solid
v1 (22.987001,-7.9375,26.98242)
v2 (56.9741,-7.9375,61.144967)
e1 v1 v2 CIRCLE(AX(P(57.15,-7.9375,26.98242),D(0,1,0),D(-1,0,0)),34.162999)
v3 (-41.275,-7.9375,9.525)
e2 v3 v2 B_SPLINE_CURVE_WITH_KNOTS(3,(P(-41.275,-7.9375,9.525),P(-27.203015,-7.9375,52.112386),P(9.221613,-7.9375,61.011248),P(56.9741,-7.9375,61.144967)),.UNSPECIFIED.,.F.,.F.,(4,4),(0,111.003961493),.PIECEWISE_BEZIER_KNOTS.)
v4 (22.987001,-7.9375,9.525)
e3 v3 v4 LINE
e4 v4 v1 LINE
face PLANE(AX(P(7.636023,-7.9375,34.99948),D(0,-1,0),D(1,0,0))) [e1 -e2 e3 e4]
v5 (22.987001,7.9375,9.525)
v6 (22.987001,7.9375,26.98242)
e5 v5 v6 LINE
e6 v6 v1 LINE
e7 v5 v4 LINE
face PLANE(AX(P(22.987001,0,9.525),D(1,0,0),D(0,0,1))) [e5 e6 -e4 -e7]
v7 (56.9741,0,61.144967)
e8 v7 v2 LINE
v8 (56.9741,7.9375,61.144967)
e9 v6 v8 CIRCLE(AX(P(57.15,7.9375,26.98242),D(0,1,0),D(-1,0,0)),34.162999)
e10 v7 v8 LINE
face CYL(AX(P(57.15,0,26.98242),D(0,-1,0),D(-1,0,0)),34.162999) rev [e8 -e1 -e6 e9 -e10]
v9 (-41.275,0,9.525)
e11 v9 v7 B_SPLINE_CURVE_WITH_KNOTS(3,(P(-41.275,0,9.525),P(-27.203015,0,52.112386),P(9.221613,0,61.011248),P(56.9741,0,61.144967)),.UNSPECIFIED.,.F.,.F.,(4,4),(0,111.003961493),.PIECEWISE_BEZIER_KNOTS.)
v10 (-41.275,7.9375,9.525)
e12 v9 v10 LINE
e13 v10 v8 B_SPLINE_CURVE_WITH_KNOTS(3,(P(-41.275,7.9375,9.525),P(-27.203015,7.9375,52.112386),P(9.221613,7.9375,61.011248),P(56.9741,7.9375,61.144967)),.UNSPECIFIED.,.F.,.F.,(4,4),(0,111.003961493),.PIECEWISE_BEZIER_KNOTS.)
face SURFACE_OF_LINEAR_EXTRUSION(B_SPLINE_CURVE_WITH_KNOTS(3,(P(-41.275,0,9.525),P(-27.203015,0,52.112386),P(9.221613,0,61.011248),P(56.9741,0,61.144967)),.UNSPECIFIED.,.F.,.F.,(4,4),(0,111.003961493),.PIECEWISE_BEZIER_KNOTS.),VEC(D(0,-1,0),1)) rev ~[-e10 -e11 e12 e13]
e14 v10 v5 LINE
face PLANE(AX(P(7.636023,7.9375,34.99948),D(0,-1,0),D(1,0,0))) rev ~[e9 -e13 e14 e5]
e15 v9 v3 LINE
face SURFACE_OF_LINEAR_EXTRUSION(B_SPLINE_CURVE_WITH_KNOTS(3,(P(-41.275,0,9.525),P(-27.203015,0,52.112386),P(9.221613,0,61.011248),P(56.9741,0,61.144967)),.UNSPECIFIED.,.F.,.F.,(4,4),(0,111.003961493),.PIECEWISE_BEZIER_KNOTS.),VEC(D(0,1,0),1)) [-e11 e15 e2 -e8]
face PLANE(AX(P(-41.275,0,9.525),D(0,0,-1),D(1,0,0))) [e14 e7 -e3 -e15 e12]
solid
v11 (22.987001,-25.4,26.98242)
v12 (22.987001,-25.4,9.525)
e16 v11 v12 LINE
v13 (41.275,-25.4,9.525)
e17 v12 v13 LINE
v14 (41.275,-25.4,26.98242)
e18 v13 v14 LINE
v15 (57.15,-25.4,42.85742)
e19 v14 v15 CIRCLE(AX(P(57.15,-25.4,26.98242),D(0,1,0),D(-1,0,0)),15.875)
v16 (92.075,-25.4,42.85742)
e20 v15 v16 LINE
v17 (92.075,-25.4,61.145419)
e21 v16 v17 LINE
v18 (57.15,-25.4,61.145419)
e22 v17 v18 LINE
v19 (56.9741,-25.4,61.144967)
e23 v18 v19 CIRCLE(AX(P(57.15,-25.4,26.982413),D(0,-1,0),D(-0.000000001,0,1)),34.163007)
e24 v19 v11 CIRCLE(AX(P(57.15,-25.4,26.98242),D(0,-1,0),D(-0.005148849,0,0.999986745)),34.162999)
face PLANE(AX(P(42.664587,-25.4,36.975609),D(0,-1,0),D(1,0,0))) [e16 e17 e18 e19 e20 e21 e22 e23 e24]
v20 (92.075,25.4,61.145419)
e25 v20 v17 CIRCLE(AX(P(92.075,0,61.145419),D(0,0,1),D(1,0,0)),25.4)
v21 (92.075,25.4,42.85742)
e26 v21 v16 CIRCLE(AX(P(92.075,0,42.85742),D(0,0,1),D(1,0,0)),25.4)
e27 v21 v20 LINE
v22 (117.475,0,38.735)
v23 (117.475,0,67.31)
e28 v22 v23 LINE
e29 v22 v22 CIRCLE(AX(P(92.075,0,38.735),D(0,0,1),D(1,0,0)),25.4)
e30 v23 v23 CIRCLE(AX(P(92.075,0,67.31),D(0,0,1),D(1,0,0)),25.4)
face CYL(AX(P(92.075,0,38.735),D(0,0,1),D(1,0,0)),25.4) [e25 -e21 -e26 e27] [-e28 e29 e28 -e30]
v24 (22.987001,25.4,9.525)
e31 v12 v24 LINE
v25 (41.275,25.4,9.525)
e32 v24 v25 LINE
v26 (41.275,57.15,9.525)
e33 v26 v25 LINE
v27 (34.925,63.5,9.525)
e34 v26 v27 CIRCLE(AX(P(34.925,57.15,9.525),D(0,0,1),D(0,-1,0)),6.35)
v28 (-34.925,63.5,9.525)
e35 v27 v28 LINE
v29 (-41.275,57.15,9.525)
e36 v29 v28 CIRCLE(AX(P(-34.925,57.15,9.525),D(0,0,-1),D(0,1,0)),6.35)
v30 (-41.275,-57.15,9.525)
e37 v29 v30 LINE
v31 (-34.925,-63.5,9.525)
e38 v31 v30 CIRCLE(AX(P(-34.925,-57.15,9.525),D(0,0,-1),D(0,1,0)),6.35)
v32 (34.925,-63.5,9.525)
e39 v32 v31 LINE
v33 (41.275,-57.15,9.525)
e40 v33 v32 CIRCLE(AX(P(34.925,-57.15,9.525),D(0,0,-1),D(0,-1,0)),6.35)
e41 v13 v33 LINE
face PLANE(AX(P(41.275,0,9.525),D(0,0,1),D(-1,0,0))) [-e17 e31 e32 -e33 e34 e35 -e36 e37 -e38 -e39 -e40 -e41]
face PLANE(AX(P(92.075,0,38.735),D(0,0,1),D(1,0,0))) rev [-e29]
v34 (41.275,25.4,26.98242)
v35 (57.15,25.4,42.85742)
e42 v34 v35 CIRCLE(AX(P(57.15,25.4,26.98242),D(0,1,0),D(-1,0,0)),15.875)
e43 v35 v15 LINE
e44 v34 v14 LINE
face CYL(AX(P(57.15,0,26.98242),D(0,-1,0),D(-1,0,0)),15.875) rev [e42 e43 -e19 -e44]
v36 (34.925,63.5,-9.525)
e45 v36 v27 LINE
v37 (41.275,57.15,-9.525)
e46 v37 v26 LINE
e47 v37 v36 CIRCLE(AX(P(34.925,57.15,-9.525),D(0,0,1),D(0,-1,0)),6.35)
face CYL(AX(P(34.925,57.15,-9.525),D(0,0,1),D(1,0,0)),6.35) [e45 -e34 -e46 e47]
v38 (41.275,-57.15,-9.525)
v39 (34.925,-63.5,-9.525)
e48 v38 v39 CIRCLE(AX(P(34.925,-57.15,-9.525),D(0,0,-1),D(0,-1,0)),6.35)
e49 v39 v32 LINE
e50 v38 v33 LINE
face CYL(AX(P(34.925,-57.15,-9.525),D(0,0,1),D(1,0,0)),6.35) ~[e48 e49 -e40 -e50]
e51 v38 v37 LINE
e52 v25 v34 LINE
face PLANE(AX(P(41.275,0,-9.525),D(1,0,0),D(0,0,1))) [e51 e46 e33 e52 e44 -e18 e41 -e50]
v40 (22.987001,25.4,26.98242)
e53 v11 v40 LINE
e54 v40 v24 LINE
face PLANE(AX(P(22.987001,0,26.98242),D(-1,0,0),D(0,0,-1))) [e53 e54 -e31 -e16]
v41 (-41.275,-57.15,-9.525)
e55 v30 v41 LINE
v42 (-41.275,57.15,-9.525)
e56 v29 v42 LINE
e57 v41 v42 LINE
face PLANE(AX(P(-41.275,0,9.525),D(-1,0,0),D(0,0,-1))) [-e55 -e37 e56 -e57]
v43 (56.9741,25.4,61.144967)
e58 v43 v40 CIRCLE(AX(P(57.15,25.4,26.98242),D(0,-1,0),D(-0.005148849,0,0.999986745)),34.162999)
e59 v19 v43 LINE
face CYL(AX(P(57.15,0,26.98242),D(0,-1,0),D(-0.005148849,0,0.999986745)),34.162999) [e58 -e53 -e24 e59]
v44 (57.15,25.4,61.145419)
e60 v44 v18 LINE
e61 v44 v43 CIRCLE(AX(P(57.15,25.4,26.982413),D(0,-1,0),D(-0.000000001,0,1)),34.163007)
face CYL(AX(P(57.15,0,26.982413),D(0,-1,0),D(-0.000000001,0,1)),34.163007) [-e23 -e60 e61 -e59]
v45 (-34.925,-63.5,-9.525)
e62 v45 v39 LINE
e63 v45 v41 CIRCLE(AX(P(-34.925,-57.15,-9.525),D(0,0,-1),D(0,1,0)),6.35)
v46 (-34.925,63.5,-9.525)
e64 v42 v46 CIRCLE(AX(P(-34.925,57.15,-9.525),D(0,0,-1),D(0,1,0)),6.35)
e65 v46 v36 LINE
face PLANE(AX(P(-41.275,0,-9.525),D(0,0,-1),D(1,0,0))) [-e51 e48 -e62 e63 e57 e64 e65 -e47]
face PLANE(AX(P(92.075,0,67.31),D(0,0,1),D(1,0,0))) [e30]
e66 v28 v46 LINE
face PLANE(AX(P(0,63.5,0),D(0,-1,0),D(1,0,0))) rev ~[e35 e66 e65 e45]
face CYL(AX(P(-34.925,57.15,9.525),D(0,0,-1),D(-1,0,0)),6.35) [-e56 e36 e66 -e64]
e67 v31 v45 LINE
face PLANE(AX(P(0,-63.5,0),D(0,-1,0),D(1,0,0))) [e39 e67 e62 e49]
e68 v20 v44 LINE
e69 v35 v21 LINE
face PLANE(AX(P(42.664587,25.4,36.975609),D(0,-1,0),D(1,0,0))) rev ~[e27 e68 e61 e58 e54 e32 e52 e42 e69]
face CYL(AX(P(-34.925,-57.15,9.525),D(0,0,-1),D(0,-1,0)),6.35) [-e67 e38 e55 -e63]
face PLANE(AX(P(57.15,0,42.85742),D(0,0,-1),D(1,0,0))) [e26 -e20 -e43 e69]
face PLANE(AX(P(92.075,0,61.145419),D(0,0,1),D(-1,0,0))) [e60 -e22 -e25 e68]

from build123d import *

# Parameters (mm, degrees)
F1_DEPTH = 63.5
F0_W     = 25.4
F0_H     = 18.2879993558
F2_DEPTH = 25.4
F3_DEPTH = 7.9375
F5_R     = 6.35


with BuildPart() as f1:
    # F0 (on Front) → F1 (new body, symmetric)
    with BuildSketch(Plane.XZ):
        Polygon((41.275, -9.525), (41.275, 9.525), (22.9870006442, 9.525), (-41.275, 9.525), (-41.275, -9.525), align=None)
    extrude(amount=F1_DEPTH, both=True)

    # F0 (on Front) → F2 (join, symmetric)
    with BuildSketch(Plane.XZ):
        with BuildLine():
            Line((22.9870006442, 9.525), (41.275, 9.525))
            Line((41.275, 9.525), (41.275, 26.98242))
            ThreePointArc((41.275, 26.98242), (45.9246798487, 38.2077401513), (57.15, 42.85742))
            Line((57.15, 42.85742), (66.675, 42.85742))
            Line((66.675, 42.85742), (66.675, 61.1454193558))
            Line((66.675, 61.1454193558), (57.15, 61.1454193558))
            ThreePointArc((57.15, 61.1454193558), (57.0620496409, 61.1453061444), (56.9740998647, 61.1449665111))
            ThreePointArc((56.9740998647, 61.1449665111), (32.931001247, 51.0770381623), (22.9870006442, 26.98242))
            Line((22.9870006442, 26.98242), (22.9870006442, 9.525))
        make_face()
        with Locations((79.375, 52.0014196779)):
            Rectangle(F0_W, F0_H)
    extrude(amount=F2_DEPTH, both=True)

    # F0 (on Front) → F4 (revolve)
    with BuildSketch(Plane.XZ):
        Polygon((92.075, 61.1454193558), (92.075, 42.85742), (92.075, 38.735), (117.475, 38.735), (117.475, 67.31), (92.075, 67.31), align=None)
    revolve(axis=Axis((92.075, 0, 53.0225), (0, 0, 1)))

    # F5
    f5_edges = [f1.edges().sort_by_distance(p)[0] for p in [
        (-41.275, -63.5, 0),
        (41.275, -63.5, 0),
        (41.275, 63.5, 0),
        (-41.275, 63.5, 0),
    ]]
    fillet(f5_edges, radius=F5_R)


with BuildPart() as f3:
    # F0 (on Front) → F3 (new body, symmetric)
    with BuildSketch(Plane.XZ):
        with BuildLine():
            Line((-41.275, 9.525), (22.9870006442, 9.525))
            Line((22.9870006442, 9.525), (22.9870006442, 26.98242))
            ThreePointArc((22.9870006442, 26.98242), (32.931001247, 51.0770381623), (56.9740998647, 61.1449665111))
            add(Edge.make_bspline(
                [(-41.275, 9.525), (-27.2030152145, 52.1123864879), (9.221613378, 61.0112480139), (56.9740998647, 61.1449665111)],
                knots=[0, 0, 0, 0, 111.003961493, 111.003961493, 111.003961493, 111.003961493], degree=3))
        make_face()
    extrude(amount=F3_DEPTH, both=True)


solid = Compound([f1.part, f3.part])
